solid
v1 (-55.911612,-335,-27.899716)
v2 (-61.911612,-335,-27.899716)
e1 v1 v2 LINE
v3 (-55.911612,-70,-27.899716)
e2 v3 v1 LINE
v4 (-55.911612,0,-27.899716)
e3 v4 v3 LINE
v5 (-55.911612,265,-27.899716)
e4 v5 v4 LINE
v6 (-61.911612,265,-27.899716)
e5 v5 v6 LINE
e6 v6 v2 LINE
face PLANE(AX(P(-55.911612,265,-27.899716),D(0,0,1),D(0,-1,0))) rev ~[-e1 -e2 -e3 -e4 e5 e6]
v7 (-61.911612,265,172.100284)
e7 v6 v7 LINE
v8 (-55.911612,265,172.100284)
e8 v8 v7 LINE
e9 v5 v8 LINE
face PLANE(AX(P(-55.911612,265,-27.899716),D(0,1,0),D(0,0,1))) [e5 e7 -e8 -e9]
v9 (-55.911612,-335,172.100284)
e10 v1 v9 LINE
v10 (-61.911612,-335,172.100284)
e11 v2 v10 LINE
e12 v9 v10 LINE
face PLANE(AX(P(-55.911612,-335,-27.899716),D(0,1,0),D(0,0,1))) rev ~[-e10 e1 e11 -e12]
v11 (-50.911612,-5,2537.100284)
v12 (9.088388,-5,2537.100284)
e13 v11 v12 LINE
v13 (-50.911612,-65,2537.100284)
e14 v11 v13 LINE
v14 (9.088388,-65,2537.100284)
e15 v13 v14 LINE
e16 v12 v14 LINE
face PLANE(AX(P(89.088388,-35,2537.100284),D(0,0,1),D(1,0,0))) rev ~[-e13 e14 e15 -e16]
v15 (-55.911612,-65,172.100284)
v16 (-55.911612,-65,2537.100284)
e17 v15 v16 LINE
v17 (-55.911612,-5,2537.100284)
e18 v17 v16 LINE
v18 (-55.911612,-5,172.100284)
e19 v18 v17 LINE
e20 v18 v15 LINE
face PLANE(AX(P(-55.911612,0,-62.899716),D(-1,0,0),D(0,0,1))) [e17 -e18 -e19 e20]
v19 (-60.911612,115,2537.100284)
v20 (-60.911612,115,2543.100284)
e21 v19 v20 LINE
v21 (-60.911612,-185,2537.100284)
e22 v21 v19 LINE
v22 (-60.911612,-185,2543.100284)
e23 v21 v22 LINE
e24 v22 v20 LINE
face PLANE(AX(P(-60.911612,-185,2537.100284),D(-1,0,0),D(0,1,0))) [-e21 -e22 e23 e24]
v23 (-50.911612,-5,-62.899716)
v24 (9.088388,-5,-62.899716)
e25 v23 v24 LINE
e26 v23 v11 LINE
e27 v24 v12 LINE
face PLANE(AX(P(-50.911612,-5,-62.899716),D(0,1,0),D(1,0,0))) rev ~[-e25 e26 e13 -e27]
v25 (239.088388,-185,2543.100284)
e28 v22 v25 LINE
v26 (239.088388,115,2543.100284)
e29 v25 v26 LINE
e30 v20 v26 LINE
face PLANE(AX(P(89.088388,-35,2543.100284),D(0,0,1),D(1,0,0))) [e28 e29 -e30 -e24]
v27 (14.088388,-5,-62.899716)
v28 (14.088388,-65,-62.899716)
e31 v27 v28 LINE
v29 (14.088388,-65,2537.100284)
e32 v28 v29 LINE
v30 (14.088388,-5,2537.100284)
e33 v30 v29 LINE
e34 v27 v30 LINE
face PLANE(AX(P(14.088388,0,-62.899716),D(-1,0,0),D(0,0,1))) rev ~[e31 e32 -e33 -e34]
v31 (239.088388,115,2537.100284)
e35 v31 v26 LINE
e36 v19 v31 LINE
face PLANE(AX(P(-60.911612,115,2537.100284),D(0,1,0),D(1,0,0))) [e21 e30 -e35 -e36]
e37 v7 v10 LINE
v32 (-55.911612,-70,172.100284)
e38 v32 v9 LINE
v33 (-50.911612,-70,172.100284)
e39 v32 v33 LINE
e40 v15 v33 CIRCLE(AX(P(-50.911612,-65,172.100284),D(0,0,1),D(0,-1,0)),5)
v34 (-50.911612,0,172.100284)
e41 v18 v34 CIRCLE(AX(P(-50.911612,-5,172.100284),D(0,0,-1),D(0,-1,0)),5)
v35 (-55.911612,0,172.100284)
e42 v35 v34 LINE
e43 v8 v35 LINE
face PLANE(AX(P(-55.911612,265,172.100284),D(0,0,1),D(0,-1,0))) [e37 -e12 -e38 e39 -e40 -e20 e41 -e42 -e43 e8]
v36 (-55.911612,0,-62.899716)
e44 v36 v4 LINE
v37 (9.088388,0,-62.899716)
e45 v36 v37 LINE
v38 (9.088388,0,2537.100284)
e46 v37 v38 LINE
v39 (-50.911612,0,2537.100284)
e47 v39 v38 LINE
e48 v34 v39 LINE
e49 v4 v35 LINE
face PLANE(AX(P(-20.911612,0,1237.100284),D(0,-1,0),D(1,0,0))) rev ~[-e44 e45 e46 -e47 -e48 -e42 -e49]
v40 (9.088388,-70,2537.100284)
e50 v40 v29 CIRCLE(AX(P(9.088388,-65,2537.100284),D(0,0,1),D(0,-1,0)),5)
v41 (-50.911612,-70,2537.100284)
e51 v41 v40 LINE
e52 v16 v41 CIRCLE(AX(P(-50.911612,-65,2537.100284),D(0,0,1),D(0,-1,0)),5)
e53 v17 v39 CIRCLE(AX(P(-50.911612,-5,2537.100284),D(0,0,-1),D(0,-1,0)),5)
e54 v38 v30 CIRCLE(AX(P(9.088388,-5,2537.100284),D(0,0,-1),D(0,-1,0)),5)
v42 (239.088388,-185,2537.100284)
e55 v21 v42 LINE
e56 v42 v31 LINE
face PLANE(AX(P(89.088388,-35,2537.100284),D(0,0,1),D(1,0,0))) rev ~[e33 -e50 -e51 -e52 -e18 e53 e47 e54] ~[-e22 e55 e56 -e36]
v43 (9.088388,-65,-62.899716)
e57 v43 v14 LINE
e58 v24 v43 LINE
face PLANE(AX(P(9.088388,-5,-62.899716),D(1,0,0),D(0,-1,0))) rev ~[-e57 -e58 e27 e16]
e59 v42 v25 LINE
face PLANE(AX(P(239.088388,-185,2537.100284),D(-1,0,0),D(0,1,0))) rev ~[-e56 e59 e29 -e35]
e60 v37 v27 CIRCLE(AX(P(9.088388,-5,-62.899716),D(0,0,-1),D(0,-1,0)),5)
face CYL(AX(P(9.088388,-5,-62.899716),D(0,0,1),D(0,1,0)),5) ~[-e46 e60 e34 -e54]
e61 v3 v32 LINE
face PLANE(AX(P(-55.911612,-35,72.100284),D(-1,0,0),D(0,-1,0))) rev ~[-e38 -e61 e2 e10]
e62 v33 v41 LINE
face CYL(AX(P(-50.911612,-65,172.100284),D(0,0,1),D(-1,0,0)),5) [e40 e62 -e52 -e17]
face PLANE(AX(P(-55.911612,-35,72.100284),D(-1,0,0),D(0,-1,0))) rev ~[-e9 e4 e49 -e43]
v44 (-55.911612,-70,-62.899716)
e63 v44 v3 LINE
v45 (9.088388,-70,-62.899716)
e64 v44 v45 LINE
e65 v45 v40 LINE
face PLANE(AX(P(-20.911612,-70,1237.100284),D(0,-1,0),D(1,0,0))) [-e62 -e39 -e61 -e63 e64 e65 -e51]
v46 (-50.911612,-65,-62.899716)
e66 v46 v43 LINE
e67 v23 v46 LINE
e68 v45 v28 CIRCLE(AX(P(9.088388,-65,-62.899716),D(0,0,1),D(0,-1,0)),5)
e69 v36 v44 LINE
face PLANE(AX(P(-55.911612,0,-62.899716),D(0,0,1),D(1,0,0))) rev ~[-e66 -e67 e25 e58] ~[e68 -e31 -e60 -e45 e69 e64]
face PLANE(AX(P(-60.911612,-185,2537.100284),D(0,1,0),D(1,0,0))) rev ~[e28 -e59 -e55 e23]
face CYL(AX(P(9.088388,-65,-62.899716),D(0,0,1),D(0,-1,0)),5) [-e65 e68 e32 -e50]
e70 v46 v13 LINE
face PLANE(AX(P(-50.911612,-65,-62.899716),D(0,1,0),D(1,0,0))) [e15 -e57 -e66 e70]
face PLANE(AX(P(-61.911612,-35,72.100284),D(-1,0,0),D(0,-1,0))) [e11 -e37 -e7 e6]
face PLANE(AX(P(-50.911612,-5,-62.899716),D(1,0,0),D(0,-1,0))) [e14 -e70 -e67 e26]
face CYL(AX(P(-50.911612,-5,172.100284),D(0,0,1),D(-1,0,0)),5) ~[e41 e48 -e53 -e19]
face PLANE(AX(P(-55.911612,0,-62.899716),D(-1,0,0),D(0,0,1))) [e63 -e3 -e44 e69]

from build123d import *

# Parameters (mm, degrees)
F0_W     = 70
F0_H     = 2600
F1_DEPTH = 70
F2_W     = 60
F2_H     = 60
F3_DEPTH = 2600
F4_W     = 600
F4_H     = 200
F5_DEPTH = 6
F6_R     = 5
F7_W     = 300
F7_H     = 300
F8_DEPTH = 6


with BuildPart() as f1:
    # F0 (on Front) → F1 (new body)
    with BuildSketch(Plane.XZ):
        with Locations((-20.9116117656, 1237.1002838016)):
            Rectangle(F0_W, F0_H)
    extrude(amount=F1_DEPTH)

    # F2 (on face) → F3 (cut, through all)
    with BuildSketch(Plane(origin=(0, 0, -62.8997161984), x_dir=(1, 0, 0), z_dir=(0, 0, -1))):
        with Locations((-20.9116117656, 35)):
            Rectangle(F2_W, F2_H)
    extrude(amount=-F3_DEPTH, mode=Mode.SUBTRACT)

    # F4 (on face) → F5 (join)
    with BuildSketch(Plane(origin=(-55.9116117656, 0, 0), x_dir=(0, -1, 0), z_dir=(-1, 0, 0))):
        with Locations((35, 72.1002838016)):
            Rectangle(F4_W, F4_H)
    extrude(amount=F5_DEPTH)

    # F6
    f6_edges = [f1.edges().sort_by_distance(p)[0] for p in [
        (14.088388, 0, 1237.100284),
        (14.088388, -70, 1237.100284),
        (-55.911612, 0, 1354.600284),
        (-55.911612, -70, 1354.600284),
    ]]
    fillet(f6_edges, radius=F6_R)

    # F7 (on face) → F8 (join)
    with BuildSketch(Plane.XY.offset(2537.1002838016)):
        with Locations((89.0883882344, -35)):
            Rectangle(F7_W, F7_H)
    extrude(amount=F8_DEPTH)


solid = f1.part
